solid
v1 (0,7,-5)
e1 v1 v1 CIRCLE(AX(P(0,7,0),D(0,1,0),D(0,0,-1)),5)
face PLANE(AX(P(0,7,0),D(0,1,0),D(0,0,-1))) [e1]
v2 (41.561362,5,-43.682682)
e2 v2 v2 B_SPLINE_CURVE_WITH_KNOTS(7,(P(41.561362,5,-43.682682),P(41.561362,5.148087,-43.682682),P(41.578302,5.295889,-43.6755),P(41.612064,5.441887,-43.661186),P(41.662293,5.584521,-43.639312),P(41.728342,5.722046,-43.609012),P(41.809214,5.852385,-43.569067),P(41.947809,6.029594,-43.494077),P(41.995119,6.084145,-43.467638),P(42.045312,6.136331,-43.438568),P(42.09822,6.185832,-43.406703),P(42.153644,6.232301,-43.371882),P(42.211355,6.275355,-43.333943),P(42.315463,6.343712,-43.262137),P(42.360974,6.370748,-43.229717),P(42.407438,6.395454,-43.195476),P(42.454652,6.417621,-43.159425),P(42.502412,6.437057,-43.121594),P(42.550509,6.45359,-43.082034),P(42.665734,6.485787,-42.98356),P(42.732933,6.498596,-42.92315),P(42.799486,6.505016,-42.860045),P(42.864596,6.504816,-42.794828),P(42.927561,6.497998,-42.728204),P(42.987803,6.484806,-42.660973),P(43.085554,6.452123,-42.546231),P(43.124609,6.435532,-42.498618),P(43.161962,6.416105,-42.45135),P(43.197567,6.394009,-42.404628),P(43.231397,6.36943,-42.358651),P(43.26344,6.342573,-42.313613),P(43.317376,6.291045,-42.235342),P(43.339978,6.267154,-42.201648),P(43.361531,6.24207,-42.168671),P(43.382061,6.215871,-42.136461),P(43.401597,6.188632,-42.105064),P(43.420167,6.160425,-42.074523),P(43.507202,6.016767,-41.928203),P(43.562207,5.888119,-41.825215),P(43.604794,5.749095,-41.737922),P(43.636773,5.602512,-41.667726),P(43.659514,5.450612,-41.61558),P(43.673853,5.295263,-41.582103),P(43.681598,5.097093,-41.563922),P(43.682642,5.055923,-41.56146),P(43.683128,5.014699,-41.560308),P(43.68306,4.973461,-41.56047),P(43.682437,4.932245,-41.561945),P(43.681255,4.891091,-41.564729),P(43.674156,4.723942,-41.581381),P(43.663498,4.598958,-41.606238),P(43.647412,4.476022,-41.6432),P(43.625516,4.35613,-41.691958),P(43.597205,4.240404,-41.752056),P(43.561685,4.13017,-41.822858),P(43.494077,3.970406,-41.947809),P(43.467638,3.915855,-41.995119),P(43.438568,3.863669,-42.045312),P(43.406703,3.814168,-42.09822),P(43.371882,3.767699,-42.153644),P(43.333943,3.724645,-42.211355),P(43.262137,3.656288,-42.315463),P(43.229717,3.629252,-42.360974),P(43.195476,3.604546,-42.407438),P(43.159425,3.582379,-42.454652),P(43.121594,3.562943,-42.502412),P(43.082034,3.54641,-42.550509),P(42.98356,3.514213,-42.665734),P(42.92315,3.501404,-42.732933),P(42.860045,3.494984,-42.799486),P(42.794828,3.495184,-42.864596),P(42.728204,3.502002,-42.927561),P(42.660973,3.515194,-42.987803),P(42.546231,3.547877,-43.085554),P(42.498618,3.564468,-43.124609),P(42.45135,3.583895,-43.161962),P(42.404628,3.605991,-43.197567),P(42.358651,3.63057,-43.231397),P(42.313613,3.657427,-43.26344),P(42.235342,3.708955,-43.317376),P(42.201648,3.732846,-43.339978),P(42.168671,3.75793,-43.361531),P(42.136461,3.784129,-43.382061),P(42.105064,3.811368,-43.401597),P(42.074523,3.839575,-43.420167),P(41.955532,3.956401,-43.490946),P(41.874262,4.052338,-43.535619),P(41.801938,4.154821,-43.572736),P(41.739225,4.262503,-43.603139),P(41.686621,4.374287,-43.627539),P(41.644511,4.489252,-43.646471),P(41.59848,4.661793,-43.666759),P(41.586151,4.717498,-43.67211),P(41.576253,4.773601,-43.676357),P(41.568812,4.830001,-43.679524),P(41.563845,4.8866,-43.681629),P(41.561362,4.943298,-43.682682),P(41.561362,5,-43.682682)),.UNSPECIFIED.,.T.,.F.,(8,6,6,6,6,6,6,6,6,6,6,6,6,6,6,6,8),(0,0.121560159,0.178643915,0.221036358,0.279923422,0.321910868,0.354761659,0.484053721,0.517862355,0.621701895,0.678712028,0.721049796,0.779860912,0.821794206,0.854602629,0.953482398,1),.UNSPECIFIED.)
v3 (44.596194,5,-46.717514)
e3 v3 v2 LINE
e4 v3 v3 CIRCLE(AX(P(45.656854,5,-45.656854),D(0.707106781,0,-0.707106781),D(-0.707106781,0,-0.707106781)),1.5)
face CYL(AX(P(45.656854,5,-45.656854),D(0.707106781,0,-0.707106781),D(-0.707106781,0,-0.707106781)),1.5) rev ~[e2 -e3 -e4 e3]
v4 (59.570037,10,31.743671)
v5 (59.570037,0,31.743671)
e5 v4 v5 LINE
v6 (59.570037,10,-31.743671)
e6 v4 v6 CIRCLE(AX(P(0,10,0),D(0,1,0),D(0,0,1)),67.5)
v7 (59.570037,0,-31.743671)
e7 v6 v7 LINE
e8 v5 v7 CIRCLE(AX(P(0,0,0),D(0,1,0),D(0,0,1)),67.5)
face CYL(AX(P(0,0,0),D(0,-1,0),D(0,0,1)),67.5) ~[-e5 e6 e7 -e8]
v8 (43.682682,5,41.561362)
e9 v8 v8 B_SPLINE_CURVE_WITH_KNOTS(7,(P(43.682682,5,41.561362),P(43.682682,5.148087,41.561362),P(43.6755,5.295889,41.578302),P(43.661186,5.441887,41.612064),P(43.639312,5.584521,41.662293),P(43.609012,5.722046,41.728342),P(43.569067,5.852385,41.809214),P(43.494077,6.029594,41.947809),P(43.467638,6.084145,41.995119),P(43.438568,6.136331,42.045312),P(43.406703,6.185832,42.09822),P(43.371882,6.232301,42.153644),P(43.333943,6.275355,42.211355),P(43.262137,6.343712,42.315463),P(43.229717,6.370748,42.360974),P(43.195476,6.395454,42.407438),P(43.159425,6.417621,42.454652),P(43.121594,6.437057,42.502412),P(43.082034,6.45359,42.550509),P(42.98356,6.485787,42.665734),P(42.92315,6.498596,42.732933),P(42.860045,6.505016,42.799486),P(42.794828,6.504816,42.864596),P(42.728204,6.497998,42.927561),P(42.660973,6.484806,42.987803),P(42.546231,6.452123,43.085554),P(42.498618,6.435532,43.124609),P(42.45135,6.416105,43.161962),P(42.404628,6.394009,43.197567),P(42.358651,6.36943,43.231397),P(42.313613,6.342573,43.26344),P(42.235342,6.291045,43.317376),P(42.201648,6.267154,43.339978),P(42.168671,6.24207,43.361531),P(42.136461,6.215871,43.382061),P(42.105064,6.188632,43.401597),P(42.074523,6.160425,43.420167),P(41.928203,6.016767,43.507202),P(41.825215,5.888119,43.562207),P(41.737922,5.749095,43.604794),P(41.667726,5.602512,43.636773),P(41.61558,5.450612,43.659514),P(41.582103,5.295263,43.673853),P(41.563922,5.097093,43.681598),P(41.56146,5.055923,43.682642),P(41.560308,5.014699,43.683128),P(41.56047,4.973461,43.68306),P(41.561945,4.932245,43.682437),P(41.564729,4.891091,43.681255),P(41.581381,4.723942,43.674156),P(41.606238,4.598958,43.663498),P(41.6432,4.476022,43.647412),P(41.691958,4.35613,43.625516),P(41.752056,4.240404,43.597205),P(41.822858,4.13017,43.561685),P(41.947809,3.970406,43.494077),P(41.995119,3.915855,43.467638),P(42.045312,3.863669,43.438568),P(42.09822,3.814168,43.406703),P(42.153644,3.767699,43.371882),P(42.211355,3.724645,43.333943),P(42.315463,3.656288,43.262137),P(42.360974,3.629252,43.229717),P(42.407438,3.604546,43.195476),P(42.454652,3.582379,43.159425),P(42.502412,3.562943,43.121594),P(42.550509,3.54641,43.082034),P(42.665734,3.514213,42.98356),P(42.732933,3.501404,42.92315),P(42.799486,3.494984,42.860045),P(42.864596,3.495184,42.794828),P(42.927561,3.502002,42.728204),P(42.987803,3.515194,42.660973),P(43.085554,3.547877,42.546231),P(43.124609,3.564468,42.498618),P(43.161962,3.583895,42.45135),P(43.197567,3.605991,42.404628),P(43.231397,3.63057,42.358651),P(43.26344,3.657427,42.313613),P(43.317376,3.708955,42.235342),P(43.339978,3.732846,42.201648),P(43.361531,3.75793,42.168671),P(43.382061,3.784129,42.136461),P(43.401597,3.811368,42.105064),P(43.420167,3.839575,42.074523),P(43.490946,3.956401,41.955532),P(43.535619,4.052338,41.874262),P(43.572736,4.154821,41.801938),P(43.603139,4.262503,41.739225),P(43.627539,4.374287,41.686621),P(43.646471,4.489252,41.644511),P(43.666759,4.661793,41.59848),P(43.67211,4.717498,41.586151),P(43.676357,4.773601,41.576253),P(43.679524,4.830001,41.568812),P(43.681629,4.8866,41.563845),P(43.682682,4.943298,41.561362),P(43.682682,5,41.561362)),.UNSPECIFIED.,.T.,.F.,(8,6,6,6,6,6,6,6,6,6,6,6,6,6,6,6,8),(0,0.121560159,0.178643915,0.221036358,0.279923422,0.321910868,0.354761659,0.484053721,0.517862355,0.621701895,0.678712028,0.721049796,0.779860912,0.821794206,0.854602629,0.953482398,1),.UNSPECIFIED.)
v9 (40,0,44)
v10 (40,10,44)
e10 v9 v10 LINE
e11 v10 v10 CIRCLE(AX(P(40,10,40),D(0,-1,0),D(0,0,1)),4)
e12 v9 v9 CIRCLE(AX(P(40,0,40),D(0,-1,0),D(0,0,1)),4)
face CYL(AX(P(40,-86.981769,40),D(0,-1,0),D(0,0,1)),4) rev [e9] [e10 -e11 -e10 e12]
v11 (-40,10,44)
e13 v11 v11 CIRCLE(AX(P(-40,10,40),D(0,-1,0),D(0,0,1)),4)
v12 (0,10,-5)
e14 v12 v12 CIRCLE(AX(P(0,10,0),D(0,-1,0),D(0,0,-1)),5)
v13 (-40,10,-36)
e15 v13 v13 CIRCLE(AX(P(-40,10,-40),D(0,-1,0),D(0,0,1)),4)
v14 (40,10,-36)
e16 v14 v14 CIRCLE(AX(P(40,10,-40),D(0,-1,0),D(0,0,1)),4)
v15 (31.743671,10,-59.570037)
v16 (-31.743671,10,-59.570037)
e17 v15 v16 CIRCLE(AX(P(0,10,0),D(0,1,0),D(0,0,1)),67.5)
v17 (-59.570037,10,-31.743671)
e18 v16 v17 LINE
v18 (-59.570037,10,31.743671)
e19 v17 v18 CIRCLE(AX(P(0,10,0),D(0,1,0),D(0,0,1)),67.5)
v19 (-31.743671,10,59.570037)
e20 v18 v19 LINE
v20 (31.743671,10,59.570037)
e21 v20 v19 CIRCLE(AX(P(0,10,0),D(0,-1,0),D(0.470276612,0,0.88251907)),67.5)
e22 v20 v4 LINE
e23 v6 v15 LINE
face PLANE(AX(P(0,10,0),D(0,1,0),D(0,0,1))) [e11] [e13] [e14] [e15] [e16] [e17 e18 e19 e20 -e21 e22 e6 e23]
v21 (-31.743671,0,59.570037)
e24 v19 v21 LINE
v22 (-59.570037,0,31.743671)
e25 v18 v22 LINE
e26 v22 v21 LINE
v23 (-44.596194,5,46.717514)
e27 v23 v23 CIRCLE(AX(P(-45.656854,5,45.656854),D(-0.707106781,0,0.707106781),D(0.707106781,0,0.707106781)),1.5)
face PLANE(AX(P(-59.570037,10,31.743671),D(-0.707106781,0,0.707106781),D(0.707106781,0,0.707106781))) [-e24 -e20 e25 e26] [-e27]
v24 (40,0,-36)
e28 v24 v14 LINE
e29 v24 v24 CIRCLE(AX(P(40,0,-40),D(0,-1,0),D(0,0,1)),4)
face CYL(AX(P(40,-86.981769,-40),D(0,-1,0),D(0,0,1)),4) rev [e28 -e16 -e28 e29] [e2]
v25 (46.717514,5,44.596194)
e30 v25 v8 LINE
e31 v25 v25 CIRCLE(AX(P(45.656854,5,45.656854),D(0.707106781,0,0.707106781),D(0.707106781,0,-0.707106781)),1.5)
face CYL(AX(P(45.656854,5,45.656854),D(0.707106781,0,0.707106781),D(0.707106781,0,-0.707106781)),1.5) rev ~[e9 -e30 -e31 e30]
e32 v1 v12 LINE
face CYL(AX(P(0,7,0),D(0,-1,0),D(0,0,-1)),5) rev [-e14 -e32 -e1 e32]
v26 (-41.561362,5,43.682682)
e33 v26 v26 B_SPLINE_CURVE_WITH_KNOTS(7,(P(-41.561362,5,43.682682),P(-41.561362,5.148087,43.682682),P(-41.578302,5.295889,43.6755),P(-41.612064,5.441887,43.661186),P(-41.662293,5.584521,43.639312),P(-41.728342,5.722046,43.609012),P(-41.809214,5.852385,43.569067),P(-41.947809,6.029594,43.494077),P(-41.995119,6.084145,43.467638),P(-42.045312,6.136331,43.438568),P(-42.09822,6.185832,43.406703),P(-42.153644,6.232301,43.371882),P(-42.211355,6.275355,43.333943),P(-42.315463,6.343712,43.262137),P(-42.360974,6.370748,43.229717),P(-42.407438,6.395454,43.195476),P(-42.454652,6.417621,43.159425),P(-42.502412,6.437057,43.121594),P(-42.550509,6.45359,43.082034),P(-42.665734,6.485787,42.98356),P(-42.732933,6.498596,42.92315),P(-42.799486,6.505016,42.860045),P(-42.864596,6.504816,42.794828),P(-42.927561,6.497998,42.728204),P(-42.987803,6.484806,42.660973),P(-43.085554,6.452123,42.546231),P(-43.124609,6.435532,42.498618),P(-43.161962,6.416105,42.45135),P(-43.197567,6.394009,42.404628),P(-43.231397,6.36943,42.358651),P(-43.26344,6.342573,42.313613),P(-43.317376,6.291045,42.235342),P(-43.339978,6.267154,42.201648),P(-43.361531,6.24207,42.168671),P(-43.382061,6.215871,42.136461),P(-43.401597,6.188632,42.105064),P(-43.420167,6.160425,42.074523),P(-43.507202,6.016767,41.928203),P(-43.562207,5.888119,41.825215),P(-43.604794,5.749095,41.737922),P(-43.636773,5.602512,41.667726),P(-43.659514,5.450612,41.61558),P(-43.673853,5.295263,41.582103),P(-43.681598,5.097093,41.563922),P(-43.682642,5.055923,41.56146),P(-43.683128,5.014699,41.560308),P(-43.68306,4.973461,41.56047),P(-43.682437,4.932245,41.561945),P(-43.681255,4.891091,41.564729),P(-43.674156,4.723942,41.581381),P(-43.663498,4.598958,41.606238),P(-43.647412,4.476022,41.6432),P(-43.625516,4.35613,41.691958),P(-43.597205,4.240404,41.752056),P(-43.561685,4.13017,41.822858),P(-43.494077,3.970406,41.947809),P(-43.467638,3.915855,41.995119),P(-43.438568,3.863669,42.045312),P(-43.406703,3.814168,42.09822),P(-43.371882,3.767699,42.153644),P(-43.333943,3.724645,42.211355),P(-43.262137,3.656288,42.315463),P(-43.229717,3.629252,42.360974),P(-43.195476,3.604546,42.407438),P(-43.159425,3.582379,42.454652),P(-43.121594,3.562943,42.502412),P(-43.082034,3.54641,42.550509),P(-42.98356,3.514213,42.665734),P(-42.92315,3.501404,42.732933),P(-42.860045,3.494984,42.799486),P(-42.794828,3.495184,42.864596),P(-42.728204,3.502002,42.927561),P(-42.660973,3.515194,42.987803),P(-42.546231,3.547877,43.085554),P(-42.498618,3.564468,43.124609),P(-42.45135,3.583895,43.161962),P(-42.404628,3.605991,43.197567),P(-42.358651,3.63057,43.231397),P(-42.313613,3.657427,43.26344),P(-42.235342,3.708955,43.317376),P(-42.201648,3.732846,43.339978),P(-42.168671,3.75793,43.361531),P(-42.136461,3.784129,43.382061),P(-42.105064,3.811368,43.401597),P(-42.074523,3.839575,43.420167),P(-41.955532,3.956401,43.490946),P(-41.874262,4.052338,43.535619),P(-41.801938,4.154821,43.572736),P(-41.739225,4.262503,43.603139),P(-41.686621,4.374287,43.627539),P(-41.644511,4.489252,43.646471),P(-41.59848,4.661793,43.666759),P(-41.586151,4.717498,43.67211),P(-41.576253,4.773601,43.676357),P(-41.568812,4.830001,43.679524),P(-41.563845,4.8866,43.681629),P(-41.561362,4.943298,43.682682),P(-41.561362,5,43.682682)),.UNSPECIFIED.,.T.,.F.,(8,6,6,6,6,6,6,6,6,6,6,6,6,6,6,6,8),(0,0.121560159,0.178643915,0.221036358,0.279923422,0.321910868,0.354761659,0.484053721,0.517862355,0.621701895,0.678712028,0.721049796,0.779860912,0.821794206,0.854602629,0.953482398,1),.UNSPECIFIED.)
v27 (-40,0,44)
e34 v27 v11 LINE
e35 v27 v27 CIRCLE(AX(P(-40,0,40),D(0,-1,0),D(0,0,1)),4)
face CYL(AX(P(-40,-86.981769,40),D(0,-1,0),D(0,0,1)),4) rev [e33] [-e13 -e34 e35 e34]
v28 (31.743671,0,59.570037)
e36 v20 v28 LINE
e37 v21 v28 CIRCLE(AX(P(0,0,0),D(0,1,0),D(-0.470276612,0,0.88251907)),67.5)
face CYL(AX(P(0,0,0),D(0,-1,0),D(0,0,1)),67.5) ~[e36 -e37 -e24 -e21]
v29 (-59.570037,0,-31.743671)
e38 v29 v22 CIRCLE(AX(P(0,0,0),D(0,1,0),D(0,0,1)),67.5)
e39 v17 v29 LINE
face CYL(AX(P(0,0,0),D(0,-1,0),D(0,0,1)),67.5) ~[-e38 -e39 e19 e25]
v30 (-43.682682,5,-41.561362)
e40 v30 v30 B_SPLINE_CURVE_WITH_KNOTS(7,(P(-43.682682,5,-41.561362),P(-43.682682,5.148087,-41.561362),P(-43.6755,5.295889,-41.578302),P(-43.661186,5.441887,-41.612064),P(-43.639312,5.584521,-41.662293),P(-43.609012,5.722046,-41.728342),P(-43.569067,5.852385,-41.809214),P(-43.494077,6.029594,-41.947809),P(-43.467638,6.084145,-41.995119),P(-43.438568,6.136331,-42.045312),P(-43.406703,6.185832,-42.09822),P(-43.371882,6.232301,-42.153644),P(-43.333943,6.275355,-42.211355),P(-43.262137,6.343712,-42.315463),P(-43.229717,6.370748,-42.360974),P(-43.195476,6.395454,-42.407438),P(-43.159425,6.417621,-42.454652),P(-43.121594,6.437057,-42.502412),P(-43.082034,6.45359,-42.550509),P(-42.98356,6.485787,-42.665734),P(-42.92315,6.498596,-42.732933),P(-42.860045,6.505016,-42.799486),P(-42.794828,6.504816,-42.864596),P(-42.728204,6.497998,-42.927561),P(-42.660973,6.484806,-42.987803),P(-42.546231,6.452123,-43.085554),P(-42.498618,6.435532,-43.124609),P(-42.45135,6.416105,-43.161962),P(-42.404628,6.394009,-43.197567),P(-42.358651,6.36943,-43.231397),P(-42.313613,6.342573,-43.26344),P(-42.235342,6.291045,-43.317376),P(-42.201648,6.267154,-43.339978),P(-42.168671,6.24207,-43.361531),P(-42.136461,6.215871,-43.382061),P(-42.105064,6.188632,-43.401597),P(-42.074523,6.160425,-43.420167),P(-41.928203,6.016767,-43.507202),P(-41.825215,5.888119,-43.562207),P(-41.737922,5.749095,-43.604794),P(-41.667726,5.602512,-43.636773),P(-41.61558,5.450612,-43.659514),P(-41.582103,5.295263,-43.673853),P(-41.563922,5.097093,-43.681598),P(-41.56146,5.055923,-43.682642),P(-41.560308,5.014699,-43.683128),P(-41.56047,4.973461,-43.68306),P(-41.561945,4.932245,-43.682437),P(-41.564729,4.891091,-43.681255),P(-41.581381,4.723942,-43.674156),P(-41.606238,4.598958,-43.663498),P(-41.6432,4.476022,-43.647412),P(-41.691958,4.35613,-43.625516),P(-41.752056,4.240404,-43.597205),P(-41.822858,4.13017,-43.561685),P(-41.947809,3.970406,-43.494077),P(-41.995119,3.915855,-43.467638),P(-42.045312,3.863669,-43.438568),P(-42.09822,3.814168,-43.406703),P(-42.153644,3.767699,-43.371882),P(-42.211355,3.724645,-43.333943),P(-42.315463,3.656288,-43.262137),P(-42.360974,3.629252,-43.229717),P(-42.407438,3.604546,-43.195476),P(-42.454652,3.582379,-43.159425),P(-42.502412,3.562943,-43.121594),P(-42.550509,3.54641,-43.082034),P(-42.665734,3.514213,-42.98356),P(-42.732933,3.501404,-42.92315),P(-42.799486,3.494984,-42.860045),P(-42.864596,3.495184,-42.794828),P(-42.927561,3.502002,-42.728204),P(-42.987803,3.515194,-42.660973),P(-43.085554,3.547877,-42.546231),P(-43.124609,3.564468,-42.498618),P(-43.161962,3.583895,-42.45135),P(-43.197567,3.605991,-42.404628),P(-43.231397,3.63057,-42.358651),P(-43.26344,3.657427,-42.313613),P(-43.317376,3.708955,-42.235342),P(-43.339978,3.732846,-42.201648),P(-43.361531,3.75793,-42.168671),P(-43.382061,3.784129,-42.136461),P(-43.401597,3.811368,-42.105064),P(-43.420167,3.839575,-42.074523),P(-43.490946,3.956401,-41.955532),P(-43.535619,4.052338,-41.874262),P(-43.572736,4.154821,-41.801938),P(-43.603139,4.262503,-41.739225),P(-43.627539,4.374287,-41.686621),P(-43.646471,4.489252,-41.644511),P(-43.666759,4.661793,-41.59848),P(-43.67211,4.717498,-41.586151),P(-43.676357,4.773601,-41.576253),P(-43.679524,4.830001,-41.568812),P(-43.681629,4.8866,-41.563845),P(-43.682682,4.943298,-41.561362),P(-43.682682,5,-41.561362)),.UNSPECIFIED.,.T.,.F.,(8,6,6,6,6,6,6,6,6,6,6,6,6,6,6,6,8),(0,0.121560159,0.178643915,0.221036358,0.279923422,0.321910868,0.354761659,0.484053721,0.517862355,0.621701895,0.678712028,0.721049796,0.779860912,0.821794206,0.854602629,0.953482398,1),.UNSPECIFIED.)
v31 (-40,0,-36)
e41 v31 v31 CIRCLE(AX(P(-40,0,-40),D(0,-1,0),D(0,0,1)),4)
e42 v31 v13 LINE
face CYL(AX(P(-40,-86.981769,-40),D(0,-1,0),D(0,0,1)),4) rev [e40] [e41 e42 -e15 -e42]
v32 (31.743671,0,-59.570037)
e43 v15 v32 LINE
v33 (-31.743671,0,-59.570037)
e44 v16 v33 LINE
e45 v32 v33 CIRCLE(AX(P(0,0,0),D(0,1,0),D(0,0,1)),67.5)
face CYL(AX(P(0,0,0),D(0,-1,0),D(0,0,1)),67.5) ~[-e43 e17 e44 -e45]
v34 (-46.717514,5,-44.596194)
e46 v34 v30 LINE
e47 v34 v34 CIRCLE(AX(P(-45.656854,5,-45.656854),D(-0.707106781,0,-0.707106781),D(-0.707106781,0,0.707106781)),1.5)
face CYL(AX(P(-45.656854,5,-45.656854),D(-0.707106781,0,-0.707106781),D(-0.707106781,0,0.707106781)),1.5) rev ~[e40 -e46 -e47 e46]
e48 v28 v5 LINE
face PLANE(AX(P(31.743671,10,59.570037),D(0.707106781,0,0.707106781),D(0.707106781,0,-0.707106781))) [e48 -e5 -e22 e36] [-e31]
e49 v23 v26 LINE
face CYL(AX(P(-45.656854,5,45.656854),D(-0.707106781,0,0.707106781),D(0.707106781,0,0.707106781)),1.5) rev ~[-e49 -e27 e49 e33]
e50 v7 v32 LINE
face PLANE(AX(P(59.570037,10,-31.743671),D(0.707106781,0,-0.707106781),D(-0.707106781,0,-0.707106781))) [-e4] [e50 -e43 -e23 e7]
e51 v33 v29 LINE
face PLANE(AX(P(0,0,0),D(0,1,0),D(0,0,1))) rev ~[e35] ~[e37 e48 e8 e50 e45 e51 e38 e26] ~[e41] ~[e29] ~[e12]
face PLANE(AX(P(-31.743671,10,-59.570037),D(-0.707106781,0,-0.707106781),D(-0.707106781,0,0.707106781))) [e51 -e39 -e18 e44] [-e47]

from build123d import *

# Parameters (mm, degrees)
SKETCH1_R                  = 67.5
BOSS_EXTRUDE1_DEPTH        = 10
CUT_EXTRUDE1_DEPTH         = 96.981769102
CUT_EXTRUDE1_DEPTH_BACK    = 96.981769102
SKETCH4_R                  = 4
CUT_EXTRUDE_THIN1_DEPTH    = 96.981769102
F_3_0MM_DOWEL_HOLE1_REACH  = 162.34
F_3_0MM_DOWEL_HOLE1_BORE_R = 1.5
CIRPATTERN1_COUNT          = 4
CUT_EXTRUDE2_DEPTH         = 96.981769113
CUT_EXTRUDE2_DEPTH_BACK    = 3
SKETCH8_R                  = 5


with BuildPart() as part:
    # Sketch1 → Boss-Extrude1 (new body)
    with BuildSketch(Plane(origin=(0, 0, 0), x_dir=(1, 0, 0), z_dir=(0, 1, 0))):
        with Locations(Location((0, 0, 0), (0, 0, 270))):
            Circle(SKETCH1_R)
    extrude(amount=BOSS_EXTRUDE1_DEPTH)

    # Sketch4 → Cut-Extrude1 (cut, two sides: drawn at the far end of the back side and taken through both)
    with BuildSketch(Plane(origin=(0, 10, 0), x_dir=(1, 0, 0), z_dir=(0, 1, 0)).offset(-CUT_EXTRUDE1_DEPTH_BACK)):
        with Locations(Location((-40, 40, 0), (0, 0, 270))):
            Circle(SKETCH4_R)
        with Locations(Location((40, 40, 0), (0, 0, 270))):
            Circle(SKETCH4_R)
        with Locations(Location((40, -40, 0), (0, 0, 270))):
            Circle(SKETCH4_R)
        with Locations(Location((-40, -40, 0), (0, 0, 270))):
            Circle(SKETCH4_R)
    extrude(amount=CUT_EXTRUDE1_DEPTH + CUT_EXTRUDE1_DEPTH_BACK, mode=Mode.SUBTRACT)

    # Sketch5 → Cut-Extrude-Thin1 (cut, through all)
    with BuildSketch(Plane(origin=(0, 10, 0), x_dir=(1, 0, 0), z_dir=(0, 1, 0))):
        Polygon((-31.743671291, 59.570037208), (-59.570037208, 31.743671291), (-66.64110502, 38.814739103), (-38.814739103, 66.64110502), align=None)
        Polygon((59.570037208, 31.743671291), (31.743671291, 59.570037208), (38.814739103, 66.64110502), (66.64110502, 38.814739103), align=None)
        Polygon((31.743671291, -59.570037208), (59.570037208, -31.743671291), (66.64110502, -38.814739103), (38.814739103, -66.64110502), align=None)
        Polygon((-59.570037208, -31.743671291), (-31.743671291, -59.570037208), (-38.814739103, -66.64110502), (-66.64110502, -38.814739103), align=None)
    extrude(amount=-CUT_EXTRUDE_THIN1_DEPTH, mode=Mode.SUBTRACT)

    # Ø3.0mm Dowel Hole1 bore → Ø3.0mm Dowel Hole1 (cut, up to next)
    with BuildSketch(Plane(origin=(45.656854249, 0, 45.656854249), x_dir=(0.7071067811865479, 0, -0.7071067811865471), z_dir=(0.7071067811865471, 0, 0.7071067811865479)), mode=Mode.PRIVATE) as f_3_0mm_dowel_hole1_sk1:
        with Locations((0, 5)):
            Circle(F_3_0MM_DOWEL_HOLE1_BORE_R)
    f_3_0mm_dowel_hole1_tool1 = extrude(f_3_0mm_dowel_hole1_sk1.sketch, amount=-F_3_0MM_DOWEL_HOLE1_REACH, mode=Mode.PRIVATE) & part.part
    f_3_0mm_dowel_hole1 = f_3_0mm_dowel_hole1_tool1.solids().sort_by_distance((45.656854, 5, 45.656854))[0]
    add(f_3_0mm_dowel_hole1, mode=Mode.SUBTRACT)

    # CirPattern1: Ø3.0mm Dowel Hole1 ×4 about axis
    cirpattern1_axis = Axis((0, 10, 0), (0, -1, 0))
    for i in range(1, CIRPATTERN1_COUNT):
        add(f_3_0mm_dowel_hole1.rotate(cirpattern1_axis, i * 360 / CIRPATTERN1_COUNT), mode=Mode.SUBTRACT)

    # Sketch8 → Cut-Extrude2 (cut, two sides: drawn at the far end of the back side and taken through both)
    with BuildSketch(Plane(origin=(0, 10, 0), x_dir=(1, 0, 0), z_dir=(0, 1, 0)).offset(-CUT_EXTRUDE2_DEPTH_BACK)):
        with Locations(Location((0, 0, 0), (0, 0, 90))):
            Circle(SKETCH8_R)
    extrude(amount=CUT_EXTRUDE2_DEPTH + CUT_EXTRUDE2_DEPTH_BACK, mode=Mode.SUBTRACT)


solid = part.part
